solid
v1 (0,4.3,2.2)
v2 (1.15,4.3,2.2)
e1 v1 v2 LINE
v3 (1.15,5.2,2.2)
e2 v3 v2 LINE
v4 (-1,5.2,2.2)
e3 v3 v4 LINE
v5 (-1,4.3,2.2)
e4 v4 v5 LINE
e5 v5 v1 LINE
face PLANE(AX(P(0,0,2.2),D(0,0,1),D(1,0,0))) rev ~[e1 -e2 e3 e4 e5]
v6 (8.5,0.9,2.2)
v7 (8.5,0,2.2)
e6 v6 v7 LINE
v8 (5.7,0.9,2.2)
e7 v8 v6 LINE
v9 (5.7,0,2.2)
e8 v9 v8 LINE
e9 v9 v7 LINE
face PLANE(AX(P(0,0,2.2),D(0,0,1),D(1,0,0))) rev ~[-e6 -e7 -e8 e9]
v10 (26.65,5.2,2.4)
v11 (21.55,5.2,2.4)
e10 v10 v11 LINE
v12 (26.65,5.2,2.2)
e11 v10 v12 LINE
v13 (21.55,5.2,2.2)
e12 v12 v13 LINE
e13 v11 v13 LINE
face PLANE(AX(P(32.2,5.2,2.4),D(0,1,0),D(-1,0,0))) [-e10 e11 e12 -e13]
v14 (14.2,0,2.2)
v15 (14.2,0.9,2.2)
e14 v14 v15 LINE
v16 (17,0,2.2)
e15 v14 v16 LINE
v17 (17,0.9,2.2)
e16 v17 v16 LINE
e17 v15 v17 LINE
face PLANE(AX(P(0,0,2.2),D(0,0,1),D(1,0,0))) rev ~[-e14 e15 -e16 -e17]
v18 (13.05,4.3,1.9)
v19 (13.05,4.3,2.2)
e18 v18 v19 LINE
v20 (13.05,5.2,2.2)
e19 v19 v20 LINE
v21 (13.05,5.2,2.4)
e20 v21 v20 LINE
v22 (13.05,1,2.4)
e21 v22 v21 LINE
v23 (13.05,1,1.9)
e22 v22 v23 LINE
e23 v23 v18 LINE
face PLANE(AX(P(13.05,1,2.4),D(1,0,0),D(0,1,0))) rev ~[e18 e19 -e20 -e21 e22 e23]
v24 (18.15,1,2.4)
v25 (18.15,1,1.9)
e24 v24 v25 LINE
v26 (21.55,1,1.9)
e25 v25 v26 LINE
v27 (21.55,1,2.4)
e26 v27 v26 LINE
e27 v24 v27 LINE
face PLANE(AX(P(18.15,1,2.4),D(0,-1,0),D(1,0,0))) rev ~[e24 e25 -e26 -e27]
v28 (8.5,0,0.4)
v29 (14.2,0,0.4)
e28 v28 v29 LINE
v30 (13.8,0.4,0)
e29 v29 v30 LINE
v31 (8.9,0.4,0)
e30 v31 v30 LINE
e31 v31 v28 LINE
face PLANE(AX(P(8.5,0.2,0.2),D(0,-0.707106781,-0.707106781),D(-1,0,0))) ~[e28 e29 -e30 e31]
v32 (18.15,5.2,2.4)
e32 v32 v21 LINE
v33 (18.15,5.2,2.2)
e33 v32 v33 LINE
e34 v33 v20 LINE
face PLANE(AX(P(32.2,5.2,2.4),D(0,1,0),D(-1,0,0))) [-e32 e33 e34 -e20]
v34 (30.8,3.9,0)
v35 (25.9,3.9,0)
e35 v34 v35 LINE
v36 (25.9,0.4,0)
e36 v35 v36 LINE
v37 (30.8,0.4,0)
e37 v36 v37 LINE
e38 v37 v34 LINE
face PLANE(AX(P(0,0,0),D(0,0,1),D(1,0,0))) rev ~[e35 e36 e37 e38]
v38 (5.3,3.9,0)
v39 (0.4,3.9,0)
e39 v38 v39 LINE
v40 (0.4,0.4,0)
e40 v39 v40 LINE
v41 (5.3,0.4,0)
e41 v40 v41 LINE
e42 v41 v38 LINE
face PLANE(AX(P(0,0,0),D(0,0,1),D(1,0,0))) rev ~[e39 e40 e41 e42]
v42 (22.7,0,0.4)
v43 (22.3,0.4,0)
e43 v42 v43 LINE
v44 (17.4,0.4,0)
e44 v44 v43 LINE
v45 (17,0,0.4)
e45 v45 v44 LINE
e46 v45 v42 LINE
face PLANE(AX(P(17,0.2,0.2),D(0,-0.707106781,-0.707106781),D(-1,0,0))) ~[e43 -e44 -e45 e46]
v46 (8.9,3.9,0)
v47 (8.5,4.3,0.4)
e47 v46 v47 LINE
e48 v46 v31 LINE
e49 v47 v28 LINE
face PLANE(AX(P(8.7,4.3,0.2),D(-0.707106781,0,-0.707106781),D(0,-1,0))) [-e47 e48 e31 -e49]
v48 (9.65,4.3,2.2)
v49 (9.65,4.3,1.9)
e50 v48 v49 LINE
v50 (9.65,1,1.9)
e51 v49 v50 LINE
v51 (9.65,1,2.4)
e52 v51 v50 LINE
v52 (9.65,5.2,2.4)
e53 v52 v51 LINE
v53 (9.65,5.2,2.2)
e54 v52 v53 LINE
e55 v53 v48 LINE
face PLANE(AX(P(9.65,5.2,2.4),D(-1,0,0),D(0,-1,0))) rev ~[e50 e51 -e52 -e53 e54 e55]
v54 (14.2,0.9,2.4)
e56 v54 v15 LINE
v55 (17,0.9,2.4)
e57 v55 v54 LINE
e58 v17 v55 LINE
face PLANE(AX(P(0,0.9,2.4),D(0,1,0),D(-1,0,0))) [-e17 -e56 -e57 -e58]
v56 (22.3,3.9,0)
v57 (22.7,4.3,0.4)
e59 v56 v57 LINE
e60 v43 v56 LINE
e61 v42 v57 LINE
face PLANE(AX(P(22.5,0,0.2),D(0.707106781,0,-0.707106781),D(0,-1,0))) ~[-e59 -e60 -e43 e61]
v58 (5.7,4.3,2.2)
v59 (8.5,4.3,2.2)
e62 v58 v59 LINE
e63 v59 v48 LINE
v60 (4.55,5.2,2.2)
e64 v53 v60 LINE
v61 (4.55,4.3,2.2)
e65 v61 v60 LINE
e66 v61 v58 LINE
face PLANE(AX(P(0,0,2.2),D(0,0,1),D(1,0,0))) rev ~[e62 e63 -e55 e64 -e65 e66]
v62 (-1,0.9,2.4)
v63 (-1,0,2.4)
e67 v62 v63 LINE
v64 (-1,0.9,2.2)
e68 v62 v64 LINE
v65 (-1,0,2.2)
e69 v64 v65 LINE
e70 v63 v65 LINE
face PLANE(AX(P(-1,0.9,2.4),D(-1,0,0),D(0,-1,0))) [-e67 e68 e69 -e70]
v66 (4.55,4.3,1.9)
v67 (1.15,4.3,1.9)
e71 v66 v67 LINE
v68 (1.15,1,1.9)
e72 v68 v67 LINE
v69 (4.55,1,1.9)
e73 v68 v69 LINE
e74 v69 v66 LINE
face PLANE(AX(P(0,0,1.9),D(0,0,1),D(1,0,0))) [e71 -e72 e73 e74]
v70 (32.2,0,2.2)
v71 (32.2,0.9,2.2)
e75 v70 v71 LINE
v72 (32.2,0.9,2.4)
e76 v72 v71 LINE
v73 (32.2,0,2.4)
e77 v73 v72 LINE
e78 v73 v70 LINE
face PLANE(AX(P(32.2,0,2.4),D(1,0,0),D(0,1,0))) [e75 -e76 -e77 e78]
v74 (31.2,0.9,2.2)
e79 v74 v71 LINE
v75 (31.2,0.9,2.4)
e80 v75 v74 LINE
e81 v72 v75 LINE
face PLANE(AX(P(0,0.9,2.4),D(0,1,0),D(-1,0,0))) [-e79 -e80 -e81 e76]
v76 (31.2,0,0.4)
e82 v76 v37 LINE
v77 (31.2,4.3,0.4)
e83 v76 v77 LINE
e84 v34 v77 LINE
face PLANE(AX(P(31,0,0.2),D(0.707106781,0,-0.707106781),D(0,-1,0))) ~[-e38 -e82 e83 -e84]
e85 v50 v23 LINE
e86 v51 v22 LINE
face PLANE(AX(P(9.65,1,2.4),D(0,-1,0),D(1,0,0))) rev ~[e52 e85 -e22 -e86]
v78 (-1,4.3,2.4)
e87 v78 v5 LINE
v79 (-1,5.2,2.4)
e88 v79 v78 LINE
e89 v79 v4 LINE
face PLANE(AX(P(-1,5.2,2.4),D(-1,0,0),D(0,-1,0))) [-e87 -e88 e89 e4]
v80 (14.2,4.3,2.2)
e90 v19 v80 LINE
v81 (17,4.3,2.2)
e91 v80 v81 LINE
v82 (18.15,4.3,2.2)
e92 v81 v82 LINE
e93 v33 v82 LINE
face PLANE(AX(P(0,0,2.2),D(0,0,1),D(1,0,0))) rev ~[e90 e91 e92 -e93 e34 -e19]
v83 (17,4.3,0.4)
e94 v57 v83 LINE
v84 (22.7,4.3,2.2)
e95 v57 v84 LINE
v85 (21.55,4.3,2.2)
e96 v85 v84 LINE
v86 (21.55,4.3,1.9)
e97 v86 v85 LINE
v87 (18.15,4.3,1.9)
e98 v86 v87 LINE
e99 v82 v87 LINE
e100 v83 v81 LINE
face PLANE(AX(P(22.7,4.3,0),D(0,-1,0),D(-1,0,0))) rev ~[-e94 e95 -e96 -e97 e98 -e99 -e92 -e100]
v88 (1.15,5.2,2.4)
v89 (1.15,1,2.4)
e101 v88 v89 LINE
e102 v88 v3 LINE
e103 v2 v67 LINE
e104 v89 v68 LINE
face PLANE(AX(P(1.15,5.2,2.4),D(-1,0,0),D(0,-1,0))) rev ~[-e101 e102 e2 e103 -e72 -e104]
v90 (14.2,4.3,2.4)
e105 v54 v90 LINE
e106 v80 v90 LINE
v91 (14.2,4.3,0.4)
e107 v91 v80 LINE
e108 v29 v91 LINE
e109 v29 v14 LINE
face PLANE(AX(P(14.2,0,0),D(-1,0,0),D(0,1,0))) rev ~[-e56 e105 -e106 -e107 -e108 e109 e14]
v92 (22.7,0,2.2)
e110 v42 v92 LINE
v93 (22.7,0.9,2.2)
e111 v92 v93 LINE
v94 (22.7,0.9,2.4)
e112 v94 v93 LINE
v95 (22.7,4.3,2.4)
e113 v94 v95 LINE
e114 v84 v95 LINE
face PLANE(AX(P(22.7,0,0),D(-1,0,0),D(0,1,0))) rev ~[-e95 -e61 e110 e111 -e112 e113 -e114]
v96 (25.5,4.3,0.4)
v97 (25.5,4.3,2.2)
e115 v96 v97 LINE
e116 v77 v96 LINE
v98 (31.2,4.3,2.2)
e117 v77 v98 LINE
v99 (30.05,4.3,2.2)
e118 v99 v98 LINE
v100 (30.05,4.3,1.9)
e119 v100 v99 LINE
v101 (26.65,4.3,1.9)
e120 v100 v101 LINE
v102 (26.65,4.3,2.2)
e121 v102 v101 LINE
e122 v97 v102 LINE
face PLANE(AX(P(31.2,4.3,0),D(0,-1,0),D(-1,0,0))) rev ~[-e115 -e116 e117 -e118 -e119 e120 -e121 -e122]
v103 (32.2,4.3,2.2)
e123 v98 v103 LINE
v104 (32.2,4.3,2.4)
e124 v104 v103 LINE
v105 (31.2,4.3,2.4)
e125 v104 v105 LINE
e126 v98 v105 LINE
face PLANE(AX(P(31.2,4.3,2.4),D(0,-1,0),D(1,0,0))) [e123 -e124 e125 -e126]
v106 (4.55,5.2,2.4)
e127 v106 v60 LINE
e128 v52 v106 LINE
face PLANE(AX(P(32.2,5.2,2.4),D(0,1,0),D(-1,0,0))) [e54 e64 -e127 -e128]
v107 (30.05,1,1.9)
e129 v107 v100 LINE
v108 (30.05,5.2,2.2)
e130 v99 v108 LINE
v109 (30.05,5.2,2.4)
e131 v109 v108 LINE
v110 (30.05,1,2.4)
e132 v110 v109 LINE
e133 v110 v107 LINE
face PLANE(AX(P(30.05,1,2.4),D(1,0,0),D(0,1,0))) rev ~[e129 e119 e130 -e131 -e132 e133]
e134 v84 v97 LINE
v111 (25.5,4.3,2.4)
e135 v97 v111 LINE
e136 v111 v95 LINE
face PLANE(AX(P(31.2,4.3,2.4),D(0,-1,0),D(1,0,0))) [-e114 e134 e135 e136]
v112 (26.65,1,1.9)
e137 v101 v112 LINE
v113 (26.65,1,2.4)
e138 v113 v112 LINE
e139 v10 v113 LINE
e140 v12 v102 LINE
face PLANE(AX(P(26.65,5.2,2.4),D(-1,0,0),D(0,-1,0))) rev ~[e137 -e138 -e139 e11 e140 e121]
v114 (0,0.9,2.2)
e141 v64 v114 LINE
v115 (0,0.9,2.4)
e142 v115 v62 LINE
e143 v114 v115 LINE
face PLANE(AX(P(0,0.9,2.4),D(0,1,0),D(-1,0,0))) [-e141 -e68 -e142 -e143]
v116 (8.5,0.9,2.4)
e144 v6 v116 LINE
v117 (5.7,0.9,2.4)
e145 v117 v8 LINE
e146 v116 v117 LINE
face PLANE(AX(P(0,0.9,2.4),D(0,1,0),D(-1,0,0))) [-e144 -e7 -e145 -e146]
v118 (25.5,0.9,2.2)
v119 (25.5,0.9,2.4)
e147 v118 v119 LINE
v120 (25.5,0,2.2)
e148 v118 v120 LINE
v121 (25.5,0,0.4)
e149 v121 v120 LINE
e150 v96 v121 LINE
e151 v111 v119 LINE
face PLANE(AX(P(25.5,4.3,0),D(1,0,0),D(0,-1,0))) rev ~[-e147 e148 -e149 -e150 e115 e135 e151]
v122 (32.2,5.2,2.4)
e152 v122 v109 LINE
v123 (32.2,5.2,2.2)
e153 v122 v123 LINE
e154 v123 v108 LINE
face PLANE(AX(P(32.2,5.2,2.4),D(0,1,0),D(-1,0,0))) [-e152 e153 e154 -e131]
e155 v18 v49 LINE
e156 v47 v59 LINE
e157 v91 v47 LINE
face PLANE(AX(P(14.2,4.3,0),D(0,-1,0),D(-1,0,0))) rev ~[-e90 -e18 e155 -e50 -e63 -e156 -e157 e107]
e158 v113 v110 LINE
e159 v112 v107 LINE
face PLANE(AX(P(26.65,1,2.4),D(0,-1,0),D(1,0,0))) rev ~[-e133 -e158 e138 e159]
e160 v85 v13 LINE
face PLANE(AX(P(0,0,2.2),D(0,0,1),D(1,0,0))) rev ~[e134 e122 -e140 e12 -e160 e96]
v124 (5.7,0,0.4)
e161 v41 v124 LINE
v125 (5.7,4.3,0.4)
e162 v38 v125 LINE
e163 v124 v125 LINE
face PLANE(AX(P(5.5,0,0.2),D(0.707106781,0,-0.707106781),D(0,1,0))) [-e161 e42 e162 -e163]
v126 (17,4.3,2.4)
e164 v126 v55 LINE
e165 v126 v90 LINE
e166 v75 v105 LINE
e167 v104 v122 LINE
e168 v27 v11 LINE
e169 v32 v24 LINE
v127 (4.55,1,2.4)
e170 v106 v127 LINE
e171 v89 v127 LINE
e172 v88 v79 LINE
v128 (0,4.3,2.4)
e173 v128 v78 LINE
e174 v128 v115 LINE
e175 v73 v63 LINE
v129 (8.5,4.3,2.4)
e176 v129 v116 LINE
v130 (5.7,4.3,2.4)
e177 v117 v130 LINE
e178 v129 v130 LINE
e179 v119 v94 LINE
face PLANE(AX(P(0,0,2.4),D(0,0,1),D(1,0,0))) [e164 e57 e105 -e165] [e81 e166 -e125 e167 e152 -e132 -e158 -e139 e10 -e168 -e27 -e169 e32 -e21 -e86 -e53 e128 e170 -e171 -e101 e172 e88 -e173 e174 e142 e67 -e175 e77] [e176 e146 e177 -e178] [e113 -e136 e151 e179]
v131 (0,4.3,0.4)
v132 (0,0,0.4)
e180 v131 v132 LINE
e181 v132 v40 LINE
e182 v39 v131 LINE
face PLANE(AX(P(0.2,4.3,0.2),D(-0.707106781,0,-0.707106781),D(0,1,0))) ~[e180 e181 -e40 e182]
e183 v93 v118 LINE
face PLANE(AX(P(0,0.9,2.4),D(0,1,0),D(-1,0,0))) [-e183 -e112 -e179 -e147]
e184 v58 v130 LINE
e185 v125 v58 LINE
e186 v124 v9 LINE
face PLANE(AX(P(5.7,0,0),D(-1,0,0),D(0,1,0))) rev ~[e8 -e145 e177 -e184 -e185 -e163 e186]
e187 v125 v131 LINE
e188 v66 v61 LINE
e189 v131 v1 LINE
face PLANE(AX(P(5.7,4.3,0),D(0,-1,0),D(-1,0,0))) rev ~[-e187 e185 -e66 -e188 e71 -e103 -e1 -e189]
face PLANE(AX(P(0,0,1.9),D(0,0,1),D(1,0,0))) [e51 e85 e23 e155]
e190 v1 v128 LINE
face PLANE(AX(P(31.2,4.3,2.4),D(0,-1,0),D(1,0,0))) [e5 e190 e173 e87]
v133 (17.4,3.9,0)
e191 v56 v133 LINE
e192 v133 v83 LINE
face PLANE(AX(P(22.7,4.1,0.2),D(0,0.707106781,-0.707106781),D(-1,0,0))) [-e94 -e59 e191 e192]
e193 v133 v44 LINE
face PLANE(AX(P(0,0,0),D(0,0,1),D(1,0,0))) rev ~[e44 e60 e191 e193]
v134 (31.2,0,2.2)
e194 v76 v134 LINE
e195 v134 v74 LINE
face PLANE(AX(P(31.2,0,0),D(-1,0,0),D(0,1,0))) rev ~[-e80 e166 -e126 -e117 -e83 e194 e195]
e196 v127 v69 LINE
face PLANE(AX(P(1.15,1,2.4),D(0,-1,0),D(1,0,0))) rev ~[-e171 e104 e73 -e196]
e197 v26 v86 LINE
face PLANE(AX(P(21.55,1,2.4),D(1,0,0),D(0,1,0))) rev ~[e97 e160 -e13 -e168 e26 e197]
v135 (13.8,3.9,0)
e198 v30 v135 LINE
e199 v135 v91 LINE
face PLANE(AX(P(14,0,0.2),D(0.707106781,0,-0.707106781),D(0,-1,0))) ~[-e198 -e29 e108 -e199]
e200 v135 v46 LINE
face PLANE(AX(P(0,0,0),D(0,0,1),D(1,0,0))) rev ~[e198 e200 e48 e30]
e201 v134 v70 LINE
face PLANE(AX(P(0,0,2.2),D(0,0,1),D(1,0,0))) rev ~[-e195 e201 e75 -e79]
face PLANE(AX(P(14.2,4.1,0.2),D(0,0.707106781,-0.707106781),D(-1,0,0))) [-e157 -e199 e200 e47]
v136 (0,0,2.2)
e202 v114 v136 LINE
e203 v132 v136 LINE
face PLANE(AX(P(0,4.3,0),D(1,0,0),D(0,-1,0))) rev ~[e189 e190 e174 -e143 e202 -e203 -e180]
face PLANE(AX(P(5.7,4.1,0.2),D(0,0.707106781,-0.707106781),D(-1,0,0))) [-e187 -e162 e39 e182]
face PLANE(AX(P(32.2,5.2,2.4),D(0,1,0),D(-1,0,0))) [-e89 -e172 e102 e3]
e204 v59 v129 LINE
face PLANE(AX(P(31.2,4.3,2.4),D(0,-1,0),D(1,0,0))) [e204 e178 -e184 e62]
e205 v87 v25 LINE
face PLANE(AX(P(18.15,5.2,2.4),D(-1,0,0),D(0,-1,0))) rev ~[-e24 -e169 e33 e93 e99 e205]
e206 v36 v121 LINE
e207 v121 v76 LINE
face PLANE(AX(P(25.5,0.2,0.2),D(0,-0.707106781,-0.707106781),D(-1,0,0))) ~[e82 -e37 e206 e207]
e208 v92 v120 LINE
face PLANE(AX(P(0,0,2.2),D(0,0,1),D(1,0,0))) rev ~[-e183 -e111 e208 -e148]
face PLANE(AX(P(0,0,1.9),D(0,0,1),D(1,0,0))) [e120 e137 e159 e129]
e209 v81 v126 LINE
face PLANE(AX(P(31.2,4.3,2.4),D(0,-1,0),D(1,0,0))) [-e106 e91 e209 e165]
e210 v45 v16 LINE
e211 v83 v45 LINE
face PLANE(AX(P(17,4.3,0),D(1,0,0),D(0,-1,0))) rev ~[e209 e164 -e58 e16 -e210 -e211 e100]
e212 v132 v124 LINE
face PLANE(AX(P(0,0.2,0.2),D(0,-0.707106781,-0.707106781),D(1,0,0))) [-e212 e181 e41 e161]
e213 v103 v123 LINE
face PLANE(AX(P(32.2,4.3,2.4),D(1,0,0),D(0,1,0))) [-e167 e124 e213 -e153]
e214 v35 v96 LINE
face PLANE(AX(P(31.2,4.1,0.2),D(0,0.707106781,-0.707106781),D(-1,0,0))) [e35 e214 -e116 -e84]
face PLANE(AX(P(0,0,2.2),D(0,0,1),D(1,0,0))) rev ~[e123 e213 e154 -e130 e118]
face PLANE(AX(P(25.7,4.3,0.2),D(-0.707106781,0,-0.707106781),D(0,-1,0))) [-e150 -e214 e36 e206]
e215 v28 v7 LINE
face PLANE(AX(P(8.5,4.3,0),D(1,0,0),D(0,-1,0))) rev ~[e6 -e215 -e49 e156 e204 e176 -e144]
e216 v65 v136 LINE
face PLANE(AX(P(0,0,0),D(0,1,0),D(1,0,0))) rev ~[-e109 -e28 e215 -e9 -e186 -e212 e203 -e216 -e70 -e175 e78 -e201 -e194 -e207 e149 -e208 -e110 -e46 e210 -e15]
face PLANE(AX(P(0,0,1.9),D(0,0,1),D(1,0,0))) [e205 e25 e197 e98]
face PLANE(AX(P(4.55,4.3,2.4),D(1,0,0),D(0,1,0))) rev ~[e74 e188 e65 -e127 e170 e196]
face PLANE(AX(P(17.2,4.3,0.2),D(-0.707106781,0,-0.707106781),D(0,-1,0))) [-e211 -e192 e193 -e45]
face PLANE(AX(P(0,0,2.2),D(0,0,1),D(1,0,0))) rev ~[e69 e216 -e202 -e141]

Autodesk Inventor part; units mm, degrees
ref_plane "YZ Plane" through (0, 0, 0) normal (1, 0, 0) x (0, 1, 0)
ref_plane "XZ Plane" through (0, 0, 0) normal (0, 1, 0) x (-1, 0, 0)
ref_plane "XY Plane" through (0, 0, 0) normal (0, 0, 1) x (1, 0, 0)
sketch "Эскиз1" plane through (0, 0, 0) normal (0, 0, 1) x (1, 0, 0)
  line L0 (0, 0) -> (5.7, 0)
  line L1 (5.7, 0) -> (5.7, 4.3)
  line L2 (5.7, 4.3) -> (0, 4.3)
  line L3 (0, 4.3) -> (0, 0)
  line L4 (8.5, 0) -> (14.2, 0)
  line L5 (14.2, 0) -> (14.2, 4.3)
  line L6 (14.2, 4.3) -> (8.5, 4.3)
  line L7 (8.5, 4.3) -> (8.5, 0)
  line L8 (17, 0) -> (22.7, 0)
  line L9 (22.7, 0) -> (22.7, 4.3)
  line L10 (22.7, 4.3) -> (17, 4.3)
  line L11 (17, 4.3) -> (17, 0)
  line L12 (25.5, 0) -> (31.2, 0)
  line L13 (31.2, 0) -> (31.2, 4.3)
  line L14 (31.2, 4.3) -> (25.5, 4.3)
  line L15 (25.5, 4.3) -> (25.5, 0)
  dimension "d0" = 4.3
  dimension "d1" = 5.7
  dimension "d4" = 8.5
extrude "Выдавливание1" add sketch "Эскиз1" along normal blind 2.4
sketch "Эскиз2" plane through (0, 0, 2.4) normal (0, 0, 1) x (1, 0, 0)
  line L0 (-1, 4.3) -> (32.2, 4.3)
  line L1 (32.2, 4.3) -> (32.2, 5.2)
  line L2 (32.2, 5.2) -> (-1, 5.2)
  line L3 (-1, 5.2) -> (-1, 4.3)
  line L4 (-1, 0) -> (32.2, 0)
  line L5 (32.2, 0) -> (32.2, 0.9)
  line L6 (32.2, 0.9) -> (-1, 0.9)
  line L7 (-1, 0.9) -> (-1, 0)
  line L8 (5.7, 4.3) -> (0, 4.3) projected
  line L9 (0, 4.3) -> (5.7, 4.3)
  line L10 (5.7, 4.3) -> (5.7, 4.3)
  line L11 (5.7, 4.3) -> (0, 4.3)
  line L12 (0, 4.3) -> (0, 4.3)
  line L13 (14.2, 4.3) -> (8.5, 4.3) projected
  line L14 (8.5, 4.3) -> (14.2, 4.3)
  line L15 (14.2, 4.3) -> (14.2, 4.3)
  line L16 (14.2, 4.3) -> (8.5, 4.3)
  line L17 (8.5, 4.3) -> (8.5, 4.3)
  line L18 (17, 4.3) -> (22.7, 4.3)
  line L19 (22.7, 4.3) -> (22.7, 4.3)
  line L20 (22.7, 4.3) -> (17, 4.3)
  line L21 (17, 4.3) -> (17, 4.3)
  line L22 (31.2, 4.3) -> (25.5, 4.3) projected
  line L23 (25.5, 4.3) -> (31.2, 4.3)
  line L24 (31.2, 4.3) -> (31.2, 4.3)
  line L25 (31.2, 4.3) -> (25.5, 4.3)
  line L26 (25.5, 4.3) -> (25.5, 4.3)
  line L27 (0, 4.3) -> (0, 0) projected
  line L28 (31.2, 0) -> (31.2, 4.3) projected
  point P0 (31.2, 0.9)
  point P1 (0, 0.9)
  point P2 (25.5, 4.8)
  point P3 (17, 4.8)
  point P4 (0, 4.8)
  point P5 (8.5, 4.8)
  dimension "d11" = 0.9
  dimension "d12" = 0
  dimension "d13" = 0.9
  dimension "d14" = 1
  dimension "d15" = 1
extrude "Выдавливание2" add sketch "Эскиз2" against normal blind 0.2 contours L3 L2 L1 L0 | L27 L4 L7 L6 | L6 L28 L4 L27 | L6 L5 L4 L28
sketch "Эскиз3" plane through (0, 0, 2.4) normal (0, 0, 1) x (1, 0, 0)
  line L0 (32.2, 5.2) -> (-1, 5.2) projected
  line L1 (1.15, 1) -> (4.55, 1)
  line L2 (4.55, 1) -> (4.55, 5.2)
  line L3 (4.55, 5.2) -> (1.15, 5.2)
  line L4 (1.15, 5.2) -> (1.15, 1)
  line L5 (0, 4.3) -> (5.7, 4.3) projected
  line L6 (9.65, 1) -> (13.05, 1)
  line L7 (13.05, 1) -> (13.05, 5.2)
  line L8 (13.05, 5.2) -> (9.65, 5.2)
  line L9 (9.65, 5.2) -> (9.65, 1)
  line L10 (18.15, 1) -> (21.55, 1)
  line L11 (21.55, 1) -> (21.55, 5.2)
  line L12 (21.55, 5.2) -> (18.15, 5.2)
  line L13 (18.15, 5.2) -> (18.15, 1)
  line L14 (26.65, 1) -> (30.05, 1)
  line L15 (30.05, 1) -> (30.05, 5.2)
  line L16 (30.05, 5.2) -> (26.65, 5.2)
  line L17 (26.65, 5.2) -> (26.65, 1)
  point P0 (0, 0)
  point P1 (2.85, 4.3)
  point P2 (2.85, 1)
  point P3 (11.35, 1)
  point P4 (11.35, 4.3)
  point P5 (19.85, 1)
  point P6 (19.85, 4.3)
  point P7 (28.35, 1)
  point P8 (28.35, 4.3)
  point P9 (13.05, 5.2)
  point P10 (21.55, 5.2)
  point P11 (30.05, 5.2)
  dimension "d18" = 3.4
  dimension "d19" = 4.2
  dimension "d22" = 8.5
extrude "Выдавливание3" cut sketch "Эскиз3" against normal blind 0.5
chamfer "Фаска1" distance 0.4 angle 45 16 edges at (2.85, 4.3, 0) (0, 2.15, 0) (2.85, 0, 0) (5.7, 2.15, 0) (8.5, 2.15, 0) (11.35, 4.3, 0) (14.2, 2.15, 0) (11.35, 0, 0) (19.85, 0, 0) (17, 2.15, 0) (19.85, 4.3, 0) (22.7, 2.15, 0) (25.5, 2.15, 0) (28.35, 4.3, 0) (31.2, 2.15, 0) (28.35, 0, 0)
properties part number "buttons"
